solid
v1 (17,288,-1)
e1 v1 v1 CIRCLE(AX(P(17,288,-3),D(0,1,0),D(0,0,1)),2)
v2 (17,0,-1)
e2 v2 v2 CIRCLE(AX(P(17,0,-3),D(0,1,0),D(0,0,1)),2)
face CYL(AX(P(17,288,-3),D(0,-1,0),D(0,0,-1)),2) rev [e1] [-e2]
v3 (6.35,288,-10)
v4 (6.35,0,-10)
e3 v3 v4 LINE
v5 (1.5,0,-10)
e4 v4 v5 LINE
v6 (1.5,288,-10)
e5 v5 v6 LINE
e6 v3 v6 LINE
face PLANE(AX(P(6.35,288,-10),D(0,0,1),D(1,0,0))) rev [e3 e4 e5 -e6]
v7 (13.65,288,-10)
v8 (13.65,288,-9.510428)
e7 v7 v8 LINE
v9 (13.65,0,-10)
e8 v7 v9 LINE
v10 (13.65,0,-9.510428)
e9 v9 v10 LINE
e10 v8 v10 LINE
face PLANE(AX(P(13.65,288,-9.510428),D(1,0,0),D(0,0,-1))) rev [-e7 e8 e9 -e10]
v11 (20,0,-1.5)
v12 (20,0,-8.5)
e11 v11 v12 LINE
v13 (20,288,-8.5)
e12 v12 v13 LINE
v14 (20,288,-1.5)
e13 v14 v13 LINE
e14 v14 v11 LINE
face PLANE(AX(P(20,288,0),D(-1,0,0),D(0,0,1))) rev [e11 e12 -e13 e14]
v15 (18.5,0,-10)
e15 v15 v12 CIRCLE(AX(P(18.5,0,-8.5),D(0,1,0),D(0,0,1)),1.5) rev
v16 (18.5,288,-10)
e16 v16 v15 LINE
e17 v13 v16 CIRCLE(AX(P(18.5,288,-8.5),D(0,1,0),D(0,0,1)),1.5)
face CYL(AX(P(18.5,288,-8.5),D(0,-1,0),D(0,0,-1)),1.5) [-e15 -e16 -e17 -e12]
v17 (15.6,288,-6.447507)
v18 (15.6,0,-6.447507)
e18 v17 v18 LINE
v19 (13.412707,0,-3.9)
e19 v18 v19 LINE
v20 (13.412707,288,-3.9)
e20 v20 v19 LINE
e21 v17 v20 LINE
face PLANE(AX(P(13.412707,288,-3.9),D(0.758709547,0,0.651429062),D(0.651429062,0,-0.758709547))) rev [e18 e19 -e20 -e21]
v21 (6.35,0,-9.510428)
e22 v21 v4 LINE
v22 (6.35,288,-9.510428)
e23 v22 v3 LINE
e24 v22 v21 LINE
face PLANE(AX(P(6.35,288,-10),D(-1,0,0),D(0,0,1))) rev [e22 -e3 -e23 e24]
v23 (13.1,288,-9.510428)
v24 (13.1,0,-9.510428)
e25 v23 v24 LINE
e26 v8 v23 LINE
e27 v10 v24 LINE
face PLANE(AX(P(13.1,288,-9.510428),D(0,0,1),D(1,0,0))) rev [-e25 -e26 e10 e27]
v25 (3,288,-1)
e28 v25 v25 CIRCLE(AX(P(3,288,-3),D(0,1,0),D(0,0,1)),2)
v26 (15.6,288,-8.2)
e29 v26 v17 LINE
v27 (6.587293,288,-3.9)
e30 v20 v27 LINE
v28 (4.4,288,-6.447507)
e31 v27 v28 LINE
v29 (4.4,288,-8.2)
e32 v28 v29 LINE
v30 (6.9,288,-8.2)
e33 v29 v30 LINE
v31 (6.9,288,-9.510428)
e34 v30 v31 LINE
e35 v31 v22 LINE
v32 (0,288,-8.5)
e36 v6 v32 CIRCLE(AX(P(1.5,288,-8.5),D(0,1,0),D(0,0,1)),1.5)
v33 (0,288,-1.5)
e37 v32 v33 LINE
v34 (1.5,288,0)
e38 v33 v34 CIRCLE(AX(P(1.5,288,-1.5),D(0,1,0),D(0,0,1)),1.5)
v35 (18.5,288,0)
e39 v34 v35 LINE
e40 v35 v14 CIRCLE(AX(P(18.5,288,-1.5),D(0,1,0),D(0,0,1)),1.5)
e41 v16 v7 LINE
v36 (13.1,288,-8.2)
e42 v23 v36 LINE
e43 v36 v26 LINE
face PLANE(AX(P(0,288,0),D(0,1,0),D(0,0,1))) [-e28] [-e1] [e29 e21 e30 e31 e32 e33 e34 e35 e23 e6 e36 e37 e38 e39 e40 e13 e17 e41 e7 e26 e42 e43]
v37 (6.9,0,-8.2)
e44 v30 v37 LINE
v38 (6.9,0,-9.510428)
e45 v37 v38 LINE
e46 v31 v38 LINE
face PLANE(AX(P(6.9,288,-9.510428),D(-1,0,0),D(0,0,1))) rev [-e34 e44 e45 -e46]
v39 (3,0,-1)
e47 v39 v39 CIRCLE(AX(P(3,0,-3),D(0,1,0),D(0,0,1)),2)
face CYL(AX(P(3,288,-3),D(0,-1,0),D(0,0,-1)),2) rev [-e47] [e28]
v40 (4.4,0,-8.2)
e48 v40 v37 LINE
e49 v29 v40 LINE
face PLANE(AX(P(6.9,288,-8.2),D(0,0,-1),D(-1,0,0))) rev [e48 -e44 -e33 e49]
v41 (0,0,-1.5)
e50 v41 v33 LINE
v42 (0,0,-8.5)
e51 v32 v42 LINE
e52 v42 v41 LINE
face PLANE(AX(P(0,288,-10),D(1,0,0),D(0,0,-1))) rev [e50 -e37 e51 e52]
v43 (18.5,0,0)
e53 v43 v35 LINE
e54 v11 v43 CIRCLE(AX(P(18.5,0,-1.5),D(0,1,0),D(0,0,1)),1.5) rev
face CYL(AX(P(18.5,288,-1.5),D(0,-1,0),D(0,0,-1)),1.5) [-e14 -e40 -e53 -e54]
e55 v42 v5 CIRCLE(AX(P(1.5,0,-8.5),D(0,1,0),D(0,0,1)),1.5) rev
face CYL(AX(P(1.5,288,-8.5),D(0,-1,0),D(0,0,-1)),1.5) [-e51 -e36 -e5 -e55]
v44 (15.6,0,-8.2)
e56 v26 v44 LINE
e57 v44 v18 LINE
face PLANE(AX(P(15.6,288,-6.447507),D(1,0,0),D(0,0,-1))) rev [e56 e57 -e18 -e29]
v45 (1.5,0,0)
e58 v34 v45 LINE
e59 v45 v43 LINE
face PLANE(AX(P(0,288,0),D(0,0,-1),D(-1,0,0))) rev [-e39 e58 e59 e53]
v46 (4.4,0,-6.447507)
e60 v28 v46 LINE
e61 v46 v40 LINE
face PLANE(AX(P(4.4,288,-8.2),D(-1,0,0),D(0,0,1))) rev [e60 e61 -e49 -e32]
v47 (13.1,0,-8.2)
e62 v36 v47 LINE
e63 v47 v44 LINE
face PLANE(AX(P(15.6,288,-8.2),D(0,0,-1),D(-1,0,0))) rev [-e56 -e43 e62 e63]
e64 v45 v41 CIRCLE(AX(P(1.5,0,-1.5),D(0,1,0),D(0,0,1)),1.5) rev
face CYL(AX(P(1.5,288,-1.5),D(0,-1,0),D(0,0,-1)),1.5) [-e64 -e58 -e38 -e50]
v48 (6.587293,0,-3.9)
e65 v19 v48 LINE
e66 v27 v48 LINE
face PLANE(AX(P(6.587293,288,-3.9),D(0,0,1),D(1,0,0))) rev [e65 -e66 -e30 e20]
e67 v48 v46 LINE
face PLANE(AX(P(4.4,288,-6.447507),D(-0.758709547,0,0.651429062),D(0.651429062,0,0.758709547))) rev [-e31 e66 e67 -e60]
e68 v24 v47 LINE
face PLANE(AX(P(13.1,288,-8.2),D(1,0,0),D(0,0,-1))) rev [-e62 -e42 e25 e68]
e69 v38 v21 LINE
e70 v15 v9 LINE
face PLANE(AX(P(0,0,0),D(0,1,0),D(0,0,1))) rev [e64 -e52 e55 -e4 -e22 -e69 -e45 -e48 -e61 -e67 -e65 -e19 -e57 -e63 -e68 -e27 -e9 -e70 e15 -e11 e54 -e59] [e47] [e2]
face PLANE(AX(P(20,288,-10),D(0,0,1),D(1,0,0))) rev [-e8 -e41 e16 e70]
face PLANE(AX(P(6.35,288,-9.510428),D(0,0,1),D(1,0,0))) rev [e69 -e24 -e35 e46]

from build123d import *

# Parameters (mm, degrees)
SKETCH_1_R      = 2
EXTRUDE_1_DEPTH = 288
FILLET_1_R      = 1.5


with BuildPart() as part:
    # 草图1 → 凸台-拉伸1 (new body)
    with BuildSketch(Plane(origin=(0, 0, 0), x_dir=(1, 0, 0), z_dir=(0, 1, 0))):
        Polygon((0, 0), (20, 0), (20, 10), (13.65, 10), (13.65, 9.510427602), (13.1, 9.510427602), (13.1, 8.2), (15.6, 8.2), (15.6, 6.447507136), (13.412706863, 3.9), (6.587293137, 3.9), (4.4, 6.447507136), (4.4, 8.2), (6.9, 8.2), (6.9, 9.510427602), (6.35, 9.510427602), (6.35, 10), (0, 10), align=None)
        with Locations(Location((3, 3, 0), (0, 0, 270))):
            Circle(SKETCH_1_R, mode=Mode.SUBTRACT)
        with Locations(Location((17, 3, 0), (0, 0, 270))):
            Circle(SKETCH_1_R, mode=Mode.SUBTRACT)
    extrude(amount=EXTRUDE_1_DEPTH)

    # 圆角1
    fillet_1_edges = [part.edges().sort_by_distance(p)[0] for p in [
        (0, 144, -10),
        (20, 144, -10),
        (20, 144, 0),
        (0, 144, 0),
    ]]
    fillet(fillet_1_edges, radius=FILLET_1_R)


solid = part.part
